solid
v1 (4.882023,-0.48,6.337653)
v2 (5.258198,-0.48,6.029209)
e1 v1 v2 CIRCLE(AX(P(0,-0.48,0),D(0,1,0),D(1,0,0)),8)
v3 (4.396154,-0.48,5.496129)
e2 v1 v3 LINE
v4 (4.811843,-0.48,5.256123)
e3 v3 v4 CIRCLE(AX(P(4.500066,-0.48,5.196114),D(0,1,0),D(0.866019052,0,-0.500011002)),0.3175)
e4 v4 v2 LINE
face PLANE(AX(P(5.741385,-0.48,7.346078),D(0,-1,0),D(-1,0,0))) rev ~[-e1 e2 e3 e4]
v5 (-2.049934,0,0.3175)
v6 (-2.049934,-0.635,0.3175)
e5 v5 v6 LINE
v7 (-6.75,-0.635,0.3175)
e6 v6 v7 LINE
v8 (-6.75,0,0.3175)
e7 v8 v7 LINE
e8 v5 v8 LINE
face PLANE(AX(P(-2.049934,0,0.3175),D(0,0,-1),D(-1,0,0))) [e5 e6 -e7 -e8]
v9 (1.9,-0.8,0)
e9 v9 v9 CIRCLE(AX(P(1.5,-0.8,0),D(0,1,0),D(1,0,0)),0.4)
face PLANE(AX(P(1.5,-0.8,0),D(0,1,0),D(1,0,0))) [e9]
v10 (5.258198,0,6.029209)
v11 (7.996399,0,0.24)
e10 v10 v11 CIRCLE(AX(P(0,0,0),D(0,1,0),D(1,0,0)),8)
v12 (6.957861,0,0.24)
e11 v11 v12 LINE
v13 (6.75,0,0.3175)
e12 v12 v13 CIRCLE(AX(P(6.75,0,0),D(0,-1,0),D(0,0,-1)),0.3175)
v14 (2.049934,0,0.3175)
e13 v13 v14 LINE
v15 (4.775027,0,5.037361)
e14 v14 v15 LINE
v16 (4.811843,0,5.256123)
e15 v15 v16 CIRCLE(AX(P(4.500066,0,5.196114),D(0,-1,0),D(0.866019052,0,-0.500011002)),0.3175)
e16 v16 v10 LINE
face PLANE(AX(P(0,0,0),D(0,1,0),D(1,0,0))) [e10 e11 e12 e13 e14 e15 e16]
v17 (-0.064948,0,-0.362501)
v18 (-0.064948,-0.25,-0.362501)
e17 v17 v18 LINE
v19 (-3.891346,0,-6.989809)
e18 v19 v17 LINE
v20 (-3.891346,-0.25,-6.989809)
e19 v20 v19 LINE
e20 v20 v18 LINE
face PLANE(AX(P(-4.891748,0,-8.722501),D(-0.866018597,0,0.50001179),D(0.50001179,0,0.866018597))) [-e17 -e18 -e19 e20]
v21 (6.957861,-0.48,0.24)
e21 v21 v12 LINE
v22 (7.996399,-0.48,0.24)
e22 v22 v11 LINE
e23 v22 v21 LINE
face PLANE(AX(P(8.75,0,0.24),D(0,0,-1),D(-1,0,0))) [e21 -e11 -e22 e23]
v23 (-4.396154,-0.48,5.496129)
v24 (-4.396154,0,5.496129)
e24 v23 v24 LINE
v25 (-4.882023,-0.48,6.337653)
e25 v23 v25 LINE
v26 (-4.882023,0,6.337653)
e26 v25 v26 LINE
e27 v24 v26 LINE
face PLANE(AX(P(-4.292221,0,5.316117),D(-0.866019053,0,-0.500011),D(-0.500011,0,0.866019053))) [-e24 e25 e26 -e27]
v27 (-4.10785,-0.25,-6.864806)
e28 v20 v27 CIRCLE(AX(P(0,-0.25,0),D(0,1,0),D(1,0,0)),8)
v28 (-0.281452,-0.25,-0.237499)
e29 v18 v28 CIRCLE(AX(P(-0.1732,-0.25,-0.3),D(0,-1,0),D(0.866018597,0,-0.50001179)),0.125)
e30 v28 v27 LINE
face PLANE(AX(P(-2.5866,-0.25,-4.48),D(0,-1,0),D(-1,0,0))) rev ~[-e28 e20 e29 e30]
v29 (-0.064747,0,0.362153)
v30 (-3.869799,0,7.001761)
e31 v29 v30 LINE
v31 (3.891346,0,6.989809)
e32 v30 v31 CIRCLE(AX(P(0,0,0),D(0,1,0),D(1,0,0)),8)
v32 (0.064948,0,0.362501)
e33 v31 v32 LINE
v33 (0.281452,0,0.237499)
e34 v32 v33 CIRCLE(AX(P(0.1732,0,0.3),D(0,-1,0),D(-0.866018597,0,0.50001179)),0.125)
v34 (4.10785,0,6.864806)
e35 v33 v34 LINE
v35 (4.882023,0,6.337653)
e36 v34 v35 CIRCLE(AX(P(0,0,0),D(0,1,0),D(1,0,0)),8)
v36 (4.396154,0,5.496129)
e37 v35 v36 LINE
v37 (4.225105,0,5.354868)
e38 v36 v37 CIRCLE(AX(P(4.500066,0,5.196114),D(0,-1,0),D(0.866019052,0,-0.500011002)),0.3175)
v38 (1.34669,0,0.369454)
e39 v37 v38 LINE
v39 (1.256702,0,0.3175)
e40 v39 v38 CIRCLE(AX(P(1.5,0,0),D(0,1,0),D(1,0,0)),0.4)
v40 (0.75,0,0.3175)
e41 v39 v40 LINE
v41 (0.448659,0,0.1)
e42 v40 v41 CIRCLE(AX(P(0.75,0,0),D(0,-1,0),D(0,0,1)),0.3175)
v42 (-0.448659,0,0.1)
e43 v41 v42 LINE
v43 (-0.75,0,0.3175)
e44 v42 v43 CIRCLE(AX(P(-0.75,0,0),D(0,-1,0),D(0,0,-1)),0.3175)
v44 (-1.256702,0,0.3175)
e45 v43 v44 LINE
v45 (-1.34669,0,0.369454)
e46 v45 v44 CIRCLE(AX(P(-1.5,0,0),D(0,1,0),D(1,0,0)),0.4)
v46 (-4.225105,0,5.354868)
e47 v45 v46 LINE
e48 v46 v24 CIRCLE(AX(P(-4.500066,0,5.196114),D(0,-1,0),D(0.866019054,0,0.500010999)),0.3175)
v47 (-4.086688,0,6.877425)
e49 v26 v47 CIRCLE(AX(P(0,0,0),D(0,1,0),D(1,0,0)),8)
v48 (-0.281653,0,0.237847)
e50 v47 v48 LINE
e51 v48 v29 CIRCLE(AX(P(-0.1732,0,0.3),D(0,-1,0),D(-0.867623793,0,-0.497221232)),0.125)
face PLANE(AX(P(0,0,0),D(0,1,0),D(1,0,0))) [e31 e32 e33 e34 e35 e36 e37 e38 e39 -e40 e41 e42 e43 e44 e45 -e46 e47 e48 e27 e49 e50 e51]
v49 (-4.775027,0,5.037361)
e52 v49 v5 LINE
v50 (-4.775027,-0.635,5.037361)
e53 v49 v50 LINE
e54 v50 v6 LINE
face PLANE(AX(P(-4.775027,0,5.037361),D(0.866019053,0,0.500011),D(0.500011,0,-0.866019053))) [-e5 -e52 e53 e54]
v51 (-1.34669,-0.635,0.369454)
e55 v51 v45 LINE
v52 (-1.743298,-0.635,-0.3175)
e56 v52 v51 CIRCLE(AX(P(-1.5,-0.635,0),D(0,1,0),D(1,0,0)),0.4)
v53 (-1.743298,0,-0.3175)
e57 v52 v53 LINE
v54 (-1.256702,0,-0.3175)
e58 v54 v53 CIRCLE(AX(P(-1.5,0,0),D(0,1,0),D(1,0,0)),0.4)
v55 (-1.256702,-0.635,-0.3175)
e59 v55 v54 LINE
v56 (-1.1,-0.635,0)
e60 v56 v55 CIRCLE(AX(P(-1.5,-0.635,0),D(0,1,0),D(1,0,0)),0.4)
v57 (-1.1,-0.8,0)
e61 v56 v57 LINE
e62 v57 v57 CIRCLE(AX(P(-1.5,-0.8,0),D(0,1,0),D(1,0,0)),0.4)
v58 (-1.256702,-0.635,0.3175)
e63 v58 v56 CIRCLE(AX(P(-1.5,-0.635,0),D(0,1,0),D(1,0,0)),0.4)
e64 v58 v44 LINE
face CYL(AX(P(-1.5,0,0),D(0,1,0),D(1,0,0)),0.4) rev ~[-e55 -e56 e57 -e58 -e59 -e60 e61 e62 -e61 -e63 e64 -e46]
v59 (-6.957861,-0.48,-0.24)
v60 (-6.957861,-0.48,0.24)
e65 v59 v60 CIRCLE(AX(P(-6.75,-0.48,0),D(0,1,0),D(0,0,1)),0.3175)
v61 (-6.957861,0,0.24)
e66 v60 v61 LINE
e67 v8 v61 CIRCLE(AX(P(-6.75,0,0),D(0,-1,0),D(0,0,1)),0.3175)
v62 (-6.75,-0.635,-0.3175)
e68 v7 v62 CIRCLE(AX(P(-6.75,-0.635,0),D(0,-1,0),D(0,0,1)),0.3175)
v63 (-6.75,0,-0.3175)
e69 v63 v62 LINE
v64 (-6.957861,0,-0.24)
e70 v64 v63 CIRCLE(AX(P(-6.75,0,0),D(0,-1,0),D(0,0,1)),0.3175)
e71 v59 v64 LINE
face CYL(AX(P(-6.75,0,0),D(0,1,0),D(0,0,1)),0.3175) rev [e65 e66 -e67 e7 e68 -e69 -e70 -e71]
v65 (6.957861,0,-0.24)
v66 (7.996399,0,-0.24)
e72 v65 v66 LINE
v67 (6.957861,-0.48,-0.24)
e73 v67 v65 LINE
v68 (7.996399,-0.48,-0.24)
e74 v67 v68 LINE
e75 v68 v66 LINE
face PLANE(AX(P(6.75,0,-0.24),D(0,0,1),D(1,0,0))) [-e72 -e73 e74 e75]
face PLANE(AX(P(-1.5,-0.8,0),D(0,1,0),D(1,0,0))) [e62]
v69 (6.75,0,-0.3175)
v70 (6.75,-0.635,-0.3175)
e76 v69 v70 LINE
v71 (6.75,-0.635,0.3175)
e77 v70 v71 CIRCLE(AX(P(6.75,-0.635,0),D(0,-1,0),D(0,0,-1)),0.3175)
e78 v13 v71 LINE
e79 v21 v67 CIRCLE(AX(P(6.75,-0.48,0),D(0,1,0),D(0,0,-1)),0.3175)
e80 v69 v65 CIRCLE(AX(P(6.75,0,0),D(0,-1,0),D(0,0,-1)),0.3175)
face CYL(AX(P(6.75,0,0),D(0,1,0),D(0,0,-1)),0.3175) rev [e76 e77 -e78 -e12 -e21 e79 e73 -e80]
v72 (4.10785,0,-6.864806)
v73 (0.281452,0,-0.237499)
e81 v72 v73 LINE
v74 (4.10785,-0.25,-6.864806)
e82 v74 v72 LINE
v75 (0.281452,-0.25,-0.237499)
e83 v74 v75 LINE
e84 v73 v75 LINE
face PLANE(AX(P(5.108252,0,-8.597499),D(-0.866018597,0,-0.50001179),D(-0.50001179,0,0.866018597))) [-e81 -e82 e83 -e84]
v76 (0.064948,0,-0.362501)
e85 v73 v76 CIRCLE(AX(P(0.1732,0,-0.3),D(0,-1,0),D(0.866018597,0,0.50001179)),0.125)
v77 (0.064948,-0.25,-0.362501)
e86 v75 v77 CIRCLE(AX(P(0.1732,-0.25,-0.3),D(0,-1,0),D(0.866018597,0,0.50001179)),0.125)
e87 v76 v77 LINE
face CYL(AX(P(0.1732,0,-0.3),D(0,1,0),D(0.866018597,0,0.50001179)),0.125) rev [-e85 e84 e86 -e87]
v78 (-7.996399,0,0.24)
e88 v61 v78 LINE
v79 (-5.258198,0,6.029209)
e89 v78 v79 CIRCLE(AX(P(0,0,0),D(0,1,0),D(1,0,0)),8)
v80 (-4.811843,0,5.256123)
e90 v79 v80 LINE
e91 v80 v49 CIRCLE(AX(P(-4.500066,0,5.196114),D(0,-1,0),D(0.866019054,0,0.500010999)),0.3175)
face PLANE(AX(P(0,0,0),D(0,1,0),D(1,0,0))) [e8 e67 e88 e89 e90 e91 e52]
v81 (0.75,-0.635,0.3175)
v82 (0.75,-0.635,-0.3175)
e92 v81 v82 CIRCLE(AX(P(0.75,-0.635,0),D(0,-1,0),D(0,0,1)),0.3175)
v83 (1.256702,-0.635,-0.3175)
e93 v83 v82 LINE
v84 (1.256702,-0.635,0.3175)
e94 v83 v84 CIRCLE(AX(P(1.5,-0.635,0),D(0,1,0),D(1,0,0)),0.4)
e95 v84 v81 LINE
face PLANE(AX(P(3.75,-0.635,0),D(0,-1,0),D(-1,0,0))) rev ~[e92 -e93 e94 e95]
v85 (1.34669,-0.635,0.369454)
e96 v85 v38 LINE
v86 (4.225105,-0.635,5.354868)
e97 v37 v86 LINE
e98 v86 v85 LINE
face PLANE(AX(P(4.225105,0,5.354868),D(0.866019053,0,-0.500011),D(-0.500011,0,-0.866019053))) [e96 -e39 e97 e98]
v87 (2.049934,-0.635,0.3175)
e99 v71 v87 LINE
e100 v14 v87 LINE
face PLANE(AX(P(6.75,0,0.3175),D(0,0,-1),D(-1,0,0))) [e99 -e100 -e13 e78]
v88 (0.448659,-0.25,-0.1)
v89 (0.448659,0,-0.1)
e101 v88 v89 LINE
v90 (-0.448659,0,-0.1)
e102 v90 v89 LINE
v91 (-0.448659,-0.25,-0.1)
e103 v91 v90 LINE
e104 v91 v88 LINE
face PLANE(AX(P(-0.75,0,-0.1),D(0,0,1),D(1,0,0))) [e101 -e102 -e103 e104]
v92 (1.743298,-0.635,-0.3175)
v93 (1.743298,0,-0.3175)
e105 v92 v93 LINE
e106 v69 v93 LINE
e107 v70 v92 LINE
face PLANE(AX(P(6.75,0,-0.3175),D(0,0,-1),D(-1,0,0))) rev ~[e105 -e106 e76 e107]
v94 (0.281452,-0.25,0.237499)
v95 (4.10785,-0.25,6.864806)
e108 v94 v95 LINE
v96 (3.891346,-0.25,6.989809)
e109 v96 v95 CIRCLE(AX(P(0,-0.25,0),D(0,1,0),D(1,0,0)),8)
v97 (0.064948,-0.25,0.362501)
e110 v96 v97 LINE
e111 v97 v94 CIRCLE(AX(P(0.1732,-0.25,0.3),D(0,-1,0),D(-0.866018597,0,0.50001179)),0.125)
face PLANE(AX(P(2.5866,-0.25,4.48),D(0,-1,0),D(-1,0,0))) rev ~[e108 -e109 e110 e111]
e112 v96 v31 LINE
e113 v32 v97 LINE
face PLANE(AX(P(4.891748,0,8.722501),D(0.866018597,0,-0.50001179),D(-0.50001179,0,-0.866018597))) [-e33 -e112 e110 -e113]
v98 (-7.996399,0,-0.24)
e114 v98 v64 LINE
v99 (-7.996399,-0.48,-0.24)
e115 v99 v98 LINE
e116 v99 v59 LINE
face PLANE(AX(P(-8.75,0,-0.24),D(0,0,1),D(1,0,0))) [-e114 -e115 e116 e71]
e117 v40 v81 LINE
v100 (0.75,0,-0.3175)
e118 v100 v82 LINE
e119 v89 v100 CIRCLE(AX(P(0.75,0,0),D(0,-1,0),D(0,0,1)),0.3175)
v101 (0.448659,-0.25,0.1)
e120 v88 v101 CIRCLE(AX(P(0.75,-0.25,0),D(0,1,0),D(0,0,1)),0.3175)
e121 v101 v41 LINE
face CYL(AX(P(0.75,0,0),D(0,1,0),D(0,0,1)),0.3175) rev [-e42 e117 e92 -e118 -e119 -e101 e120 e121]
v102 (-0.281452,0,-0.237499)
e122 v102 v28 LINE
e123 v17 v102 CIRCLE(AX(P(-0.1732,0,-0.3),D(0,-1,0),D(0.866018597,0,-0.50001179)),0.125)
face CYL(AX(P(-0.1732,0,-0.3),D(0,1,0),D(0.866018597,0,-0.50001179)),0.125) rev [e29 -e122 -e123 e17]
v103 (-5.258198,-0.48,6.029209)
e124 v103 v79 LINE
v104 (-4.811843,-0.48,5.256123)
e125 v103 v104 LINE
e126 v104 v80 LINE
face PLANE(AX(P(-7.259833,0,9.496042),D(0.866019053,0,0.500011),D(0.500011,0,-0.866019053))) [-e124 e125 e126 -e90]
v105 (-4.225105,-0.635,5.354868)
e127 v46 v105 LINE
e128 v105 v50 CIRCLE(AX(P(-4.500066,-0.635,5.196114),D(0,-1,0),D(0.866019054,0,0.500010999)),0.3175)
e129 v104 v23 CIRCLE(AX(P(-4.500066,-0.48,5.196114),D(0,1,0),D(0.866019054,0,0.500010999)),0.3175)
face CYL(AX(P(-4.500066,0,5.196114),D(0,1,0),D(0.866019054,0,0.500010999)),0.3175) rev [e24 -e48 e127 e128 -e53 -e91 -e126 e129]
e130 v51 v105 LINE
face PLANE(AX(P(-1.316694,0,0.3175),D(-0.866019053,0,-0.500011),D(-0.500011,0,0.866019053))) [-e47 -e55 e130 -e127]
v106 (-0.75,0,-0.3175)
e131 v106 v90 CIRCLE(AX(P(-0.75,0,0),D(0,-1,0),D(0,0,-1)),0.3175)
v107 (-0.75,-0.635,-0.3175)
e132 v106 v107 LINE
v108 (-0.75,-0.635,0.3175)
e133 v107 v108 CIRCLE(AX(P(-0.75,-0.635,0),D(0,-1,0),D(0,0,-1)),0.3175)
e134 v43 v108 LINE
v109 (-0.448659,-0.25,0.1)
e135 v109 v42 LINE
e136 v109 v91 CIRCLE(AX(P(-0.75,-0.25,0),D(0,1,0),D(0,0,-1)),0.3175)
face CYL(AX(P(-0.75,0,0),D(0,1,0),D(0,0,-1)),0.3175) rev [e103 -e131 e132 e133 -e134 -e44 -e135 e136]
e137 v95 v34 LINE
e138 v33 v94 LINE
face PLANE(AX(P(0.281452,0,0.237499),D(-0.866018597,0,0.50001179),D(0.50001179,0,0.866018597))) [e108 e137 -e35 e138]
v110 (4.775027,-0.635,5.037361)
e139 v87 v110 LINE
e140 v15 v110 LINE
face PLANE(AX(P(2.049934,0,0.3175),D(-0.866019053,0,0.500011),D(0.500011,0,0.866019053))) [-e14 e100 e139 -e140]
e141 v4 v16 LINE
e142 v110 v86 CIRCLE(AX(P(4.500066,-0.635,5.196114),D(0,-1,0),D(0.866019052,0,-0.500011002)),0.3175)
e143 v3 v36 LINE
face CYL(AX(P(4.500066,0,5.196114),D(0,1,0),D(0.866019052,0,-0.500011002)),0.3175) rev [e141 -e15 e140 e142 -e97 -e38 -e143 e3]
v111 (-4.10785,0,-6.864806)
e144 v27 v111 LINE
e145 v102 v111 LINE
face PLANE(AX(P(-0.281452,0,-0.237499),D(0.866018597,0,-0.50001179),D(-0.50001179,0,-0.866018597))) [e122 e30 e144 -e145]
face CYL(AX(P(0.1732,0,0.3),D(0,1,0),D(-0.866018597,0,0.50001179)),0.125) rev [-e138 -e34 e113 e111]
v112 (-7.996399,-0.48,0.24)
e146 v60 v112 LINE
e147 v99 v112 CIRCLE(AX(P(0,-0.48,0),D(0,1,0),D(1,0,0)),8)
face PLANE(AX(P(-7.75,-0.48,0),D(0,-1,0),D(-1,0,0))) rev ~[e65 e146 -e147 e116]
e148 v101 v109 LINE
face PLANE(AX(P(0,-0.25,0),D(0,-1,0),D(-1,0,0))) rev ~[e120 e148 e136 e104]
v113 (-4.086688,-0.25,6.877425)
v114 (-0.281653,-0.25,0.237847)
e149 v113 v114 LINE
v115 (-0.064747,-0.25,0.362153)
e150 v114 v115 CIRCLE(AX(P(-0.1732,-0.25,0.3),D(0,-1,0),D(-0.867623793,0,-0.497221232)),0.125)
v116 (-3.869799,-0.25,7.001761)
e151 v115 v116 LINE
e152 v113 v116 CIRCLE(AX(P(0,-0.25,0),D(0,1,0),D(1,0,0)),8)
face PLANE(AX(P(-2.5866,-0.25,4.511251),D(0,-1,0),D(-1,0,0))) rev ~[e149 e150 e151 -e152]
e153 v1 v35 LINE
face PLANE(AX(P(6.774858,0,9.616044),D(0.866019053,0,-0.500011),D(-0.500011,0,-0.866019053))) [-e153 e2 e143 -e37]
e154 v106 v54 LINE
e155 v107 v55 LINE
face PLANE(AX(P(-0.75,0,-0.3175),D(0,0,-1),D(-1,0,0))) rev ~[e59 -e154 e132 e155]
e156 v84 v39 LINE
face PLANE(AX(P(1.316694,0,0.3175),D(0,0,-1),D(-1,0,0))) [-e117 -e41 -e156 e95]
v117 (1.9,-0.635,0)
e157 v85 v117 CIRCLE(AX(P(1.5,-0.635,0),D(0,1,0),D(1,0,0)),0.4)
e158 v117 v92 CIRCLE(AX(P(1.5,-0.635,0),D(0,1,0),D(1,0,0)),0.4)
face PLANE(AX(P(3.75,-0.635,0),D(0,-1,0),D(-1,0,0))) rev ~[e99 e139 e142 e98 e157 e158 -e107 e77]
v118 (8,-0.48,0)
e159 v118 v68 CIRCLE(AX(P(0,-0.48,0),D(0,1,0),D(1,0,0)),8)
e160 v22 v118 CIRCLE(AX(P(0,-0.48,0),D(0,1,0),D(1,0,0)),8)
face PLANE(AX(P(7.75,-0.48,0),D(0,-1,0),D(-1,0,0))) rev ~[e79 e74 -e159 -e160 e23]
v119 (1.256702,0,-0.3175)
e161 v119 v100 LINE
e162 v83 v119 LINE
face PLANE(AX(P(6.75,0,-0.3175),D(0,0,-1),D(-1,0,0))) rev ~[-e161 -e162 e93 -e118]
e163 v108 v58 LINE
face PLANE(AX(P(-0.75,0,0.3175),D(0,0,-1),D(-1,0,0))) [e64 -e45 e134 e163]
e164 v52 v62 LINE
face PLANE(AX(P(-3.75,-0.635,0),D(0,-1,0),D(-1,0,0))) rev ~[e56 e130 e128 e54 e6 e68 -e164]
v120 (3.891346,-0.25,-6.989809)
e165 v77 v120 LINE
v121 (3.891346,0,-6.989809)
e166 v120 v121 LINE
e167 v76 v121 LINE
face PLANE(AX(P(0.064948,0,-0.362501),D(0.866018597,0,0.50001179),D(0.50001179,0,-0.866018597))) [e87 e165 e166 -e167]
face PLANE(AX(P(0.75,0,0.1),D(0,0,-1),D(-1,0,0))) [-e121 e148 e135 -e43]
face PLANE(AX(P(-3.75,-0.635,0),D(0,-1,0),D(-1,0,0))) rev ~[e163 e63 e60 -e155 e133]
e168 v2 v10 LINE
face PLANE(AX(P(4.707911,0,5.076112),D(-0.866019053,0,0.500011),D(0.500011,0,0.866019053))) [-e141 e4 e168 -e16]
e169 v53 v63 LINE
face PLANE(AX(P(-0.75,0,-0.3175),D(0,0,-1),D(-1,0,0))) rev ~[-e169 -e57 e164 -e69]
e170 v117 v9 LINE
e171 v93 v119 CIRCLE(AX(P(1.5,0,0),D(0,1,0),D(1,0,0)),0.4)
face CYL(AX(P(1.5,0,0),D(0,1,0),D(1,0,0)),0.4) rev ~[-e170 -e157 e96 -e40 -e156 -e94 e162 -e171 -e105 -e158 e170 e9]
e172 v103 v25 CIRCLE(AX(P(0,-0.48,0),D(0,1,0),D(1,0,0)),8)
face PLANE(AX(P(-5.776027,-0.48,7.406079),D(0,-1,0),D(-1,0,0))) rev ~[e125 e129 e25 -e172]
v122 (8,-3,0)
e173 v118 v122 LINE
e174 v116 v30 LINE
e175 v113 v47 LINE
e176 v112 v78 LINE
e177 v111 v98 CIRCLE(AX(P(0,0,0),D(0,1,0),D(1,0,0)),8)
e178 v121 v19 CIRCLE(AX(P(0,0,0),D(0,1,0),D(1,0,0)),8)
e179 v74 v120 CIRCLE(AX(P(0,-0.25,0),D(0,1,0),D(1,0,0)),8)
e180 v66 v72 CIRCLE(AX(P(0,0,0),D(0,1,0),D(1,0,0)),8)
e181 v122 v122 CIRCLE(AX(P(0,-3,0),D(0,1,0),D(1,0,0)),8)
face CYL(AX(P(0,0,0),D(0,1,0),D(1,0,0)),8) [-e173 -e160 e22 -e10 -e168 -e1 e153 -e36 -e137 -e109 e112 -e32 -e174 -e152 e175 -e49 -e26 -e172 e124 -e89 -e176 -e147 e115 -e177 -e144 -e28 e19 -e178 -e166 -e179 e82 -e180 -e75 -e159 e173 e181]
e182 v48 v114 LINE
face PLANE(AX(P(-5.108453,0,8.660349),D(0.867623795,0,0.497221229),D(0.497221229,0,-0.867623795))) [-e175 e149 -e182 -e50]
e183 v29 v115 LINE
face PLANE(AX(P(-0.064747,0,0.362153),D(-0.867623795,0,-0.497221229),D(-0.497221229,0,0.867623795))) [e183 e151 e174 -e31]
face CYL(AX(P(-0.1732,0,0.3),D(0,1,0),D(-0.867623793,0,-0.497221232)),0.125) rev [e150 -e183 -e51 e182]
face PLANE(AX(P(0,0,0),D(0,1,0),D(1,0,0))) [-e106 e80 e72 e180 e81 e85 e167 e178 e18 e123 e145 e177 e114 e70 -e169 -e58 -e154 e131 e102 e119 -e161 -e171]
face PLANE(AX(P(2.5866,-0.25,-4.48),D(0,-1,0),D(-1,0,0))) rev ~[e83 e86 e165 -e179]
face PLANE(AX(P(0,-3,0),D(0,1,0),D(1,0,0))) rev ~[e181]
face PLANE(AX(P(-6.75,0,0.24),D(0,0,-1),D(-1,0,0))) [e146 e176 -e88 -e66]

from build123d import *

# Parameters (mm, degrees)
SKETCH1_R           = 8
BOSS_EXTRUDE1_DEPTH = 3
CUT_EXTRUDE1_DEPTH  = 0.25
SKETCH3_R           = 0.4
CUT_EXTRUDE2_DEPTH  = 0.8
CUT_EXTRUDE4_DEPTH  = 0.635
CUT_EXTRUDE6_DEPTH  = 0.48


with BuildPart() as part:
    # Sketch1 → Boss-Extrude1 (new body)
    with BuildSketch(Plane(origin=(0, 0, 0), x_dir=(1, 0, 0), z_dir=(0, 1, 0))):
        Circle(SKETCH1_R)
    extrude(amount=-BOSS_EXTRUDE1_DEPTH)

    # Sketch2 → Cut-Extrude1 (cut)
    with BuildSketch(Plane(origin=(0, 0, 0), x_dir=(1, 0, 0), z_dir=(0, 1, 0))):
        with BuildLine():
            Line((-0.75, 0.1), (0.75, 0.1))
            ThreePointArc((0.75, 0.1), (0.85, 0), (0.75, -0.1))
            Line((0.75, -0.1), (-0.75, -0.1))
            ThreePointArc((-0.75, -0.1), (-0.85, 0), (-0.75, 0.1))
        make_face()
        with BuildLine():
            Line((0.064947675, 0.362501474), (4.891747675, 8.722501474))
            ThreePointArc((4.891747675, 8.722501474), (5.062501474, 8.768252325), (5.108252325, 8.597498526))
            Line((5.108252325, 8.597498526), (0.281452325, 0.237498526))
            ThreePointArc((0.281452325, 0.237498526), (0.110698526, 0.191747675), (0.064947675, 0.362501474))
        make_face()
        with BuildLine():
            Line((0.281452325, -0.237498526), (5.108252325, -8.597498526))
            ThreePointArc((5.108252325, -8.597498526), (5.062501474, -8.768252325), (4.891747675, -8.722501474))
            Line((4.891747675, -8.722501474), (0.064947675, -0.362501474))
            ThreePointArc((0.064947675, -0.362501474), (0.110698526, -0.191747675), (0.281452325, -0.237498526))
        make_face()
        with BuildLine():
            Line((-0.064747026, -0.362152654), (-4.891547026, -8.784654127))
            ThreePointArc((-4.891547026, -8.784654127), (-5.062152654, -8.830954448), (-5.108452974, -8.66034882))
            Line((-5.108452974, -8.66034882), (-0.281652974, -0.237847346))
            ThreePointArc((-0.281652974, -0.237847346), (-0.111047346, -0.191547026), (-0.064747026, -0.362152654))
        make_face()
        with BuildLine():
            Line((-0.281452325, 0.237498526), (-5.108252325, 8.597498526))
            ThreePointArc((-5.108252325, 8.597498526), (-5.062501474, 8.768252325), (-4.891747675, 8.722501474))
            Line((-4.891747675, 8.722501474), (-0.064947675, 0.362501474))
            ThreePointArc((-0.064947675, 0.362501474), (-0.110698526, 0.191747675), (-0.281452325, 0.237498526))
        make_face()
    extrude(amount=-CUT_EXTRUDE1_DEPTH, mode=Mode.SUBTRACT)

    # Sketch3 → Cut-Extrude2 (cut)
    with BuildSketch(Plane(origin=(0, 0, 0), x_dir=(1, 0, 0), z_dir=(0, 1, 0))):
        with Locations((1.5, 0)):
            Circle(SKETCH3_R)
        with Locations((-1.5, 0)):
            Circle(SKETCH3_R)
    extrude(amount=-CUT_EXTRUDE2_DEPTH, mode=Mode.SUBTRACT)

    # Sketch4 → Cut-Extrude4 (cut)
    with BuildSketch(Plane(origin=(0, 0, 0), x_dir=(1, 0, 0), z_dir=(0, 1, 0))):
        with BuildLine():
            Line((-0.75, -0.3175), (-6.75, -0.3175))
            ThreePointArc((-6.75, -0.3175), (-7.0675, 0), (-6.75, 0.3175))
            Line((-6.75, 0.3175), (-0.75, 0.3175))
            ThreePointArc((-0.75, 0.3175), (-0.4325, 0), (-0.75, -0.3175))
        make_face()
        with BuildLine():
            Line((0.75, 0.3175), (6.75, 0.3175))
            ThreePointArc((6.75, 0.3175), (7.0675, 0), (6.75, -0.3175))
            Line((6.75, -0.3175), (0.75, -0.3175))
            ThreePointArc((0.75, -0.3175), (0.4325, 0), (0.75, 0.3175))
        make_face()
        with BuildLine():
            Line((-1.225038951, -0.158753493), (-4.225104953, -5.354867808))
            ThreePointArc((-4.225104953, -5.354867808), (-4.658819495, -5.471075365), (-4.775027051, -5.037360823))
            Line((-4.775027051, -5.037360823), (-1.774961049, 0.158753493))
            ThreePointArc((-1.774961049, 0.158753493), (-1.341246507, 0.274961049), (-1.225038951, -0.158753493))
        make_face()
        with BuildLine():
            Line((1.774961049, 0.158753493), (4.775027051, -5.037360823))
            ThreePointArc((4.775027051, -5.037360823), (4.658819495, -5.471075365), (4.225104953, -5.354867808))
            Line((4.225104953, -5.354867808), (1.225038951, -0.158753493))
            ThreePointArc((1.225038951, -0.158753493), (1.341246507, 0.274961049), (1.774961049, 0.158753493))
        make_face()
    extrude(amount=-CUT_EXTRUDE4_DEPTH, mode=Mode.SUBTRACT)

    # Sketch5 → Cut-Extrude6 (cut)
    with BuildSketch(Plane(origin=(0, 0, 0), x_dir=(1, 0, 0), z_dir=(0, 1, 0))):
        with BuildLine():
            Line((-6.75, -0.24), (-8.75, -0.24))
            ThreePointArc((-8.75, -0.24), (-8.99, 0), (-8.75, 0.24))
            Line((-8.75, 0.24), (-6.75, 0.24))
            ThreePointArc((-6.75, 0.24), (-6.51, 0), (-6.75, -0.24))
        make_face()
        with BuildLine():
            Line((6.75, 0.24), (8.75, 0.24))
            ThreePointArc((8.75, 0.24), (8.99, 0), (8.75, -0.24))
            Line((8.75, -0.24), (6.75, -0.24))
            ThreePointArc((6.75, -0.24), (6.51, 0), (6.75, 0.24))
        make_face()
        with BuildLine():
            Line((-4.29222143, -5.316116956), (-6.844144056, -9.736046945))
            ThreePointArc((-6.844144056, -9.736046945), (-7.171991269, -9.823888878), (-7.259833201, -9.496041665))
            Line((-7.259833201, -9.496041665), (-4.707910575, -5.076111676))
            ThreePointArc((-4.707910575, -5.076111676), (-4.380063362, -4.988269743), (-4.29222143, -5.316116956))
        make_face()
        with BuildLine():
            Line((4.707910575, -5.076111676), (7.190547612, -9.376039025))
            ThreePointArc((7.190547612, -9.376039025), (7.10270568, -9.703886238), (6.774858467, -9.616044305))
            Line((6.774858467, -9.616044305), (4.29222143, -5.316116956))
            ThreePointArc((4.29222143, -5.316116956), (4.380063362, -4.988269743), (4.707910575, -5.076111676))
        make_face()
    extrude(amount=-CUT_EXTRUDE6_DEPTH, mode=Mode.SUBTRACT)


solid = part.part
